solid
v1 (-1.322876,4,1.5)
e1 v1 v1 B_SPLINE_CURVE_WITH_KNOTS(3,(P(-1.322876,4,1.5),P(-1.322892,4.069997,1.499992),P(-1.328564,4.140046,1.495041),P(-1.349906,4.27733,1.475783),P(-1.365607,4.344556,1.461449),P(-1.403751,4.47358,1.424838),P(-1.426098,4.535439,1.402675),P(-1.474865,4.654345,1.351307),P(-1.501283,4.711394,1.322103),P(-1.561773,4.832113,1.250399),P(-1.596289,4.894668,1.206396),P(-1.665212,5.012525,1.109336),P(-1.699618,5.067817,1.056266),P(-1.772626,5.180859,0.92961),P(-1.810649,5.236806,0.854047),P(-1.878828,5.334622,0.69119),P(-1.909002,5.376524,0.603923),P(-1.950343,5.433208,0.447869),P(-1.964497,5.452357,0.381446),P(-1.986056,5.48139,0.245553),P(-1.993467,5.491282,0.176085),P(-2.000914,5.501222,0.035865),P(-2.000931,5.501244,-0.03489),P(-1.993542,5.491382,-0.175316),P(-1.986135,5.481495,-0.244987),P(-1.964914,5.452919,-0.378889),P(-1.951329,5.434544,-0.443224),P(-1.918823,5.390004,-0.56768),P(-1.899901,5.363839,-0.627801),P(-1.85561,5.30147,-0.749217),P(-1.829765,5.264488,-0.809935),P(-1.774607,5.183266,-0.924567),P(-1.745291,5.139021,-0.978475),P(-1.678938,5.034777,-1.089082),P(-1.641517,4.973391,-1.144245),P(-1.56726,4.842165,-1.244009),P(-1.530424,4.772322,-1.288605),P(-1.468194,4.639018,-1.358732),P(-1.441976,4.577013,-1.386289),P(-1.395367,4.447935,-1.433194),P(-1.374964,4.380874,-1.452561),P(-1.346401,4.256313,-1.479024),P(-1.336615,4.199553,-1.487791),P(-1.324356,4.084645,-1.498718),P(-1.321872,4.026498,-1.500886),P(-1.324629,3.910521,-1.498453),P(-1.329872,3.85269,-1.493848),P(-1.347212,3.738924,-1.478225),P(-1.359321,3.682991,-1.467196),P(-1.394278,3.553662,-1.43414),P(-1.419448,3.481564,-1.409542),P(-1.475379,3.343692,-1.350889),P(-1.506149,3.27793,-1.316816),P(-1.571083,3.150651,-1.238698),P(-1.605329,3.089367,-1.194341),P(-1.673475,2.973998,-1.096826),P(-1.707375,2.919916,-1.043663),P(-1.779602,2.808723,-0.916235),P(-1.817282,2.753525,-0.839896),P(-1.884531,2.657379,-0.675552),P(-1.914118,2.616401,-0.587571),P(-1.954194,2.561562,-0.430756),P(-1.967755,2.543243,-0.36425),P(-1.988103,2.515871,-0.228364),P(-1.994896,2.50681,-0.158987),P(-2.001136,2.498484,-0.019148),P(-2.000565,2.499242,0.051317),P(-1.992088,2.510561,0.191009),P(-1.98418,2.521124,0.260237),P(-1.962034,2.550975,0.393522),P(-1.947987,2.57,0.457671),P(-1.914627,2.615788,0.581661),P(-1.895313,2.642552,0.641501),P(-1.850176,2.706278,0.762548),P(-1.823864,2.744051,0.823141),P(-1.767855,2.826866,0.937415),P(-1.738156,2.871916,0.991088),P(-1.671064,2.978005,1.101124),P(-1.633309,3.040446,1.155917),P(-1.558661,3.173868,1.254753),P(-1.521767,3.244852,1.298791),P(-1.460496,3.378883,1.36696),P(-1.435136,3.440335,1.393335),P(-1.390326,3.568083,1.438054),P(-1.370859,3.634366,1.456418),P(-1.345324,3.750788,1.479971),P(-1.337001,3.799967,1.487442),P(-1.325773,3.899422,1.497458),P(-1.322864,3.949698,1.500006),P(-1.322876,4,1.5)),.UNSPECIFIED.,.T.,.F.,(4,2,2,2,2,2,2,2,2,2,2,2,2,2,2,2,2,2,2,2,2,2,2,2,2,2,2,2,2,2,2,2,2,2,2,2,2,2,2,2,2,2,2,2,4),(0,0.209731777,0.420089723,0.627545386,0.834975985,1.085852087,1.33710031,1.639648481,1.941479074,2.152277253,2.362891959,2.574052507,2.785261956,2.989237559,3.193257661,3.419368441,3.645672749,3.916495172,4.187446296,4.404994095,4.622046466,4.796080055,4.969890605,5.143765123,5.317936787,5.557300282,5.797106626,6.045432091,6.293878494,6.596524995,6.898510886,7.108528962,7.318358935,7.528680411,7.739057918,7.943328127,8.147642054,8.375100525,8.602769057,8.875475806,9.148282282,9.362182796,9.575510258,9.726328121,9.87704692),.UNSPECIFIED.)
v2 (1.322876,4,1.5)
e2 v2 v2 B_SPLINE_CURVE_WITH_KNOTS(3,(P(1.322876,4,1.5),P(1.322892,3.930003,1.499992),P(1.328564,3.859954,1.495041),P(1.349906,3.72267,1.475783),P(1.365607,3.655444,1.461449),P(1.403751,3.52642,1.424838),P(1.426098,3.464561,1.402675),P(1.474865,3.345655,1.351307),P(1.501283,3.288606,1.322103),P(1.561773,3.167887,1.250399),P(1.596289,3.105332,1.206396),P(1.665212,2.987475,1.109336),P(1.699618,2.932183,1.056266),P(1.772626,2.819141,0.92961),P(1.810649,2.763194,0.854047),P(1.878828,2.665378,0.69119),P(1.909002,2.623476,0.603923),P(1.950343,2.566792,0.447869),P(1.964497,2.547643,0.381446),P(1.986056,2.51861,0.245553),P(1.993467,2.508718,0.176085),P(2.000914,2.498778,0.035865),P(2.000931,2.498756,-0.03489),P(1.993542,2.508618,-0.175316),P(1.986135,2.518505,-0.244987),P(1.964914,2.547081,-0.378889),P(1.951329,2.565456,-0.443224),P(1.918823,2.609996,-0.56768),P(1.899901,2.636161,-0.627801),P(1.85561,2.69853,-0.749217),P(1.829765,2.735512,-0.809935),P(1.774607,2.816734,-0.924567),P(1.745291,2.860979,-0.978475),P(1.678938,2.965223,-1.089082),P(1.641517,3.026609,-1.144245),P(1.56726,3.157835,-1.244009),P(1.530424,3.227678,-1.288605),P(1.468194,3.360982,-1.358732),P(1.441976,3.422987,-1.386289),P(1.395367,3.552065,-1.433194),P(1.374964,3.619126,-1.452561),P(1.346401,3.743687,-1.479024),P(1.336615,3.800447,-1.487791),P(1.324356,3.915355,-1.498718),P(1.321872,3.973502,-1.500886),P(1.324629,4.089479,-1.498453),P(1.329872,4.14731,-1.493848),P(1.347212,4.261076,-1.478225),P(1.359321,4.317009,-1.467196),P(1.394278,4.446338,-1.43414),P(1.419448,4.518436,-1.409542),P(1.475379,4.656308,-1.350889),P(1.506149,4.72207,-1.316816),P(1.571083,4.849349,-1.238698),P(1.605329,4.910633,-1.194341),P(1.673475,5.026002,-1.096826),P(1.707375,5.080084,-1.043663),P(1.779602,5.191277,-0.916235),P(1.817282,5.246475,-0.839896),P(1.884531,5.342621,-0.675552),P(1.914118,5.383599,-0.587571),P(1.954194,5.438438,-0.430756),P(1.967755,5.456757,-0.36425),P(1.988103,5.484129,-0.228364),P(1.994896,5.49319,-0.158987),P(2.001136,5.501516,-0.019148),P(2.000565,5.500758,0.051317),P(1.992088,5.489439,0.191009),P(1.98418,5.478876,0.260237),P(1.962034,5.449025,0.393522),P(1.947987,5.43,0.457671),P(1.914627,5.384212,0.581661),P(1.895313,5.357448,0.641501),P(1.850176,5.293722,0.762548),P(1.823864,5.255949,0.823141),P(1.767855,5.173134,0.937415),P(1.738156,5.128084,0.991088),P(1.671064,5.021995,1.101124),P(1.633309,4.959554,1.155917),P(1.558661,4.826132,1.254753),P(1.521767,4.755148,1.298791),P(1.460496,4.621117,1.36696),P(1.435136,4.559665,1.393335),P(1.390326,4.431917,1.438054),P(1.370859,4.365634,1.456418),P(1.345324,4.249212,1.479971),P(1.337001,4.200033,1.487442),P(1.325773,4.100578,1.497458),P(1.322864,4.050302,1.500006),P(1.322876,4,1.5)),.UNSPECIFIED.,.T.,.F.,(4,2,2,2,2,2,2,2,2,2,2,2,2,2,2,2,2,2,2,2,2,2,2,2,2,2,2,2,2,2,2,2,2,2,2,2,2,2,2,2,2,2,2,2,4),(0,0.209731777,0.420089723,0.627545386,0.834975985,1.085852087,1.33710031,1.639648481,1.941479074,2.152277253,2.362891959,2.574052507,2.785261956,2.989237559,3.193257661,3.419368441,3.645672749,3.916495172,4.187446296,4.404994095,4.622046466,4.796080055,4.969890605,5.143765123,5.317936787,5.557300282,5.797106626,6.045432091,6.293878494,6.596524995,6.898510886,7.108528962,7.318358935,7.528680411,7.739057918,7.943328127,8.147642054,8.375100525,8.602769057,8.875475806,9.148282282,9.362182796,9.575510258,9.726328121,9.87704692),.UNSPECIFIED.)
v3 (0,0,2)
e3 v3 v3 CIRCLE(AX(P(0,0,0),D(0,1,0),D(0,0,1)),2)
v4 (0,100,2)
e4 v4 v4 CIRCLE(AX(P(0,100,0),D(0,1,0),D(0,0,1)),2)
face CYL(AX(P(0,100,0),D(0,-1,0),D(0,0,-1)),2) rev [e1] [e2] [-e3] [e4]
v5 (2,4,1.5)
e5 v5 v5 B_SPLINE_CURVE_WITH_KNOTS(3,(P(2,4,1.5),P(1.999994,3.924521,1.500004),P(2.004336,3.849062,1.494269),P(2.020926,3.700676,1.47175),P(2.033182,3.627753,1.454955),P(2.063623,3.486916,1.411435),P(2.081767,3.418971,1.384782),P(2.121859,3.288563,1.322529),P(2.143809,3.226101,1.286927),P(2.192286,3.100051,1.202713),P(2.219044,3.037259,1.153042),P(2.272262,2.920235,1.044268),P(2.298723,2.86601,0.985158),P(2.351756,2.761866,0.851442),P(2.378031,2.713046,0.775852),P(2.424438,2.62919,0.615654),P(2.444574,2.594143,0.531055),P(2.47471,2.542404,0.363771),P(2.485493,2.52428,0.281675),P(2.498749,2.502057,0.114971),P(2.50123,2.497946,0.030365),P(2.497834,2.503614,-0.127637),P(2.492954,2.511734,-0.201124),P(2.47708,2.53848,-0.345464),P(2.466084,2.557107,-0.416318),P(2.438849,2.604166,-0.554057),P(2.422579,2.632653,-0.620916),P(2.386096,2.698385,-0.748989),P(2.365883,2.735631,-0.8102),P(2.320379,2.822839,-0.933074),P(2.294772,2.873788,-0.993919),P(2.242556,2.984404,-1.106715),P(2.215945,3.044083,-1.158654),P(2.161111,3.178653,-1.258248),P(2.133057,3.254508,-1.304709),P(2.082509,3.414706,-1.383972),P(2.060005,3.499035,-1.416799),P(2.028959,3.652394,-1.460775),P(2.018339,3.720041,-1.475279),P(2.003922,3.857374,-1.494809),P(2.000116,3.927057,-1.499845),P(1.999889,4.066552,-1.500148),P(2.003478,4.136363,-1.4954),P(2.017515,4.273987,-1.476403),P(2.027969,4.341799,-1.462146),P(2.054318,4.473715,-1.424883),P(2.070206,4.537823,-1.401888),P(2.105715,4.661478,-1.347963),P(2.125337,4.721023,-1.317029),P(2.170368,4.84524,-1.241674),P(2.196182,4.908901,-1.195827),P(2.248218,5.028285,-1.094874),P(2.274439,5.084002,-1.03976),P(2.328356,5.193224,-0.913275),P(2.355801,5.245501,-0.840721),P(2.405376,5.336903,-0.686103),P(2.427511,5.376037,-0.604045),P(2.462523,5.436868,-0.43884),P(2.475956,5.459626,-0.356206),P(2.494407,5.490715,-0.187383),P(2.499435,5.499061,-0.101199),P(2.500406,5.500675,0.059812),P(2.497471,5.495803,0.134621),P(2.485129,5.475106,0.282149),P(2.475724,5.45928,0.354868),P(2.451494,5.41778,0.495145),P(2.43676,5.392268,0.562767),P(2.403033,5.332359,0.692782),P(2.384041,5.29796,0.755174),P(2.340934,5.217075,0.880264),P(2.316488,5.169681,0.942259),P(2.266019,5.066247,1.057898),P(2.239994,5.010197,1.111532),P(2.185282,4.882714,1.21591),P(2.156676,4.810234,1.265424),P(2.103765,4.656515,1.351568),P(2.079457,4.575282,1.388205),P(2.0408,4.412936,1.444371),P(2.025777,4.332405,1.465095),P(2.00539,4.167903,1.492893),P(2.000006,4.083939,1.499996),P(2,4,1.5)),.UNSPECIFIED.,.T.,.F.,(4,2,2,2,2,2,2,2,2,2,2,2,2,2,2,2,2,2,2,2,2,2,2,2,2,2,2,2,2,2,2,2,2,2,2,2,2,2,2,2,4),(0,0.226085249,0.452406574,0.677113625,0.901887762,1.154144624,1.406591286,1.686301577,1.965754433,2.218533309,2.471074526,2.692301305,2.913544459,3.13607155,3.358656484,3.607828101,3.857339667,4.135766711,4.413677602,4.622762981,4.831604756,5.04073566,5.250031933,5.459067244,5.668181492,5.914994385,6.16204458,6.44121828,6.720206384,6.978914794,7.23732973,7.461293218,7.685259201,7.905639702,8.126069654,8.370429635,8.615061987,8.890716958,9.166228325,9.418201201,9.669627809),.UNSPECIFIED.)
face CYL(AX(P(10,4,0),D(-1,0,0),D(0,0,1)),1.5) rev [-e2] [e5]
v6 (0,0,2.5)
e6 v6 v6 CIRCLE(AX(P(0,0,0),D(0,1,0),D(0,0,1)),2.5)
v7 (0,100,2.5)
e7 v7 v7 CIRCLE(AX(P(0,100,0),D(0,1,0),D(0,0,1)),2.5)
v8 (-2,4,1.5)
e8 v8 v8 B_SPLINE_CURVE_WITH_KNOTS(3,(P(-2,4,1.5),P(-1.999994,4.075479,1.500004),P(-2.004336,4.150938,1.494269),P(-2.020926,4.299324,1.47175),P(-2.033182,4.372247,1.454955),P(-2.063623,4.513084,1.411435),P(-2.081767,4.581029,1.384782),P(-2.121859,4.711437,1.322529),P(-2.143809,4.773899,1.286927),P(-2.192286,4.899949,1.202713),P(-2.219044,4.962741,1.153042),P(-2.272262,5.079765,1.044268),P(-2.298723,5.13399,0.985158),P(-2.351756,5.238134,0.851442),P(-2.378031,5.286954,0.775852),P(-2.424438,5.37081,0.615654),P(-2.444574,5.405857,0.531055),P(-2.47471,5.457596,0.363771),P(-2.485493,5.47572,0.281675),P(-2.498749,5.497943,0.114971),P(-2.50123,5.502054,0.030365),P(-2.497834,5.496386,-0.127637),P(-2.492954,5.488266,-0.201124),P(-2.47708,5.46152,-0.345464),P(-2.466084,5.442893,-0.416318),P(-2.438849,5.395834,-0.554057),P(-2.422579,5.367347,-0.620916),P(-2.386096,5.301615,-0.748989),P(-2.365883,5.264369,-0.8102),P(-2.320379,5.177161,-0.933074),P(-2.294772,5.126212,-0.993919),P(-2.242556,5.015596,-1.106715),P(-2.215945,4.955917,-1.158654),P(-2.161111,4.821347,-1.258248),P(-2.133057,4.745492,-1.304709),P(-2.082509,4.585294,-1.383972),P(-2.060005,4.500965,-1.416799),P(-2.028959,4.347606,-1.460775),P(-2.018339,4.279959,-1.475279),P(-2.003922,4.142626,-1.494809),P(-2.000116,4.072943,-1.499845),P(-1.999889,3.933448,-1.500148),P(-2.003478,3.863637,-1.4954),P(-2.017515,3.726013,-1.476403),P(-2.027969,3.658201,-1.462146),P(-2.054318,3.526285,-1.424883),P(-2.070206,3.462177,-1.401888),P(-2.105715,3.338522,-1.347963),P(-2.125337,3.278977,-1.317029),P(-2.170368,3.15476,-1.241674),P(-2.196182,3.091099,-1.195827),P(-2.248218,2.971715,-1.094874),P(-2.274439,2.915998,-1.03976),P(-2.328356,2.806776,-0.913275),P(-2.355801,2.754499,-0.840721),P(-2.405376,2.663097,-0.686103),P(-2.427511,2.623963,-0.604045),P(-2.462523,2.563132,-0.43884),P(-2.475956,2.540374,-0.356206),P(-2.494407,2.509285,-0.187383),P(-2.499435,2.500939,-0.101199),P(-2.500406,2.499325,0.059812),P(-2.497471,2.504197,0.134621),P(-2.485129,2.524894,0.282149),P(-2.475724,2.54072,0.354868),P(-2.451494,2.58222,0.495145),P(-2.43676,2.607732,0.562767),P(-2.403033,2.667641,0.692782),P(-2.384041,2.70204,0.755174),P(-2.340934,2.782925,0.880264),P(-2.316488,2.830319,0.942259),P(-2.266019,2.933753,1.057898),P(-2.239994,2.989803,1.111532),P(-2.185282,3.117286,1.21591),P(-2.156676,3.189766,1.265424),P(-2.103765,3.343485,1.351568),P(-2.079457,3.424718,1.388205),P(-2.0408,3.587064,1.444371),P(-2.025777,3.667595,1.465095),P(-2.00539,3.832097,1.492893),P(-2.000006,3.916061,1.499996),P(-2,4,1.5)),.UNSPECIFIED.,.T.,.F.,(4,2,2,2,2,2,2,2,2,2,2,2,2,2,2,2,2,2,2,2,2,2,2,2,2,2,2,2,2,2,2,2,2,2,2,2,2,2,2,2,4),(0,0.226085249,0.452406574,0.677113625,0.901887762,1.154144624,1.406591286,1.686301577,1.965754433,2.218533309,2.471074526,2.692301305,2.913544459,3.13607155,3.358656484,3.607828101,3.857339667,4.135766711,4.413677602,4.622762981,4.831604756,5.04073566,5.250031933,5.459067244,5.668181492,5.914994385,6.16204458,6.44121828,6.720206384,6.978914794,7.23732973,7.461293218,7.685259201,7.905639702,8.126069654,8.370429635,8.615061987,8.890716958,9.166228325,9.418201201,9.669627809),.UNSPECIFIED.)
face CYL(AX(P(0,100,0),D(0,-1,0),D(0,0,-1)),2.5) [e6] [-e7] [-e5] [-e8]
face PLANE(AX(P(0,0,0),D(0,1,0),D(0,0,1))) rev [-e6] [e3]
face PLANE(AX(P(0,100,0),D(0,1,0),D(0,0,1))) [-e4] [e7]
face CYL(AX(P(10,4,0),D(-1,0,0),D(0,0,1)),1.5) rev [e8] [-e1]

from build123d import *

# Parameters (mm, degrees)
SKETCH1_R               = 2.5
SKETCH1_R_2             = 2
BOSS_EXTRUDE1_DEPTH     = 100
CUT_EXTRUDE1_DEPTH      = 10
CUT_EXTRUDE1_DEPTH_BACK = 10
SKETCH2_R               = 1.5


with BuildPart() as part:
    # Sketch1 → Boss-Extrude1 (new body)
    with BuildSketch(Plane(origin=(0, 0, 0), x_dir=(1, 0, 0), z_dir=(0, 1, 0))):
        Circle(SKETCH1_R)
        Circle(SKETCH1_R_2, mode=Mode.SUBTRACT)
    extrude(amount=BOSS_EXTRUDE1_DEPTH)

    # Sketch2 → Cut-Extrude1 (cut, two sides: drawn at the far end of the back side and taken through both)
    with BuildSketch(Plane(origin=(0, 0, 0), x_dir=(0, 0, -1), z_dir=(1, 0, 0)).offset(-CUT_EXTRUDE1_DEPTH_BACK)):
        with Locations((0, 4)):
            Circle(SKETCH2_R)
    extrude(amount=CUT_EXTRUDE1_DEPTH + CUT_EXTRUDE1_DEPTH_BACK, mode=Mode.SUBTRACT)


solid = part.part
